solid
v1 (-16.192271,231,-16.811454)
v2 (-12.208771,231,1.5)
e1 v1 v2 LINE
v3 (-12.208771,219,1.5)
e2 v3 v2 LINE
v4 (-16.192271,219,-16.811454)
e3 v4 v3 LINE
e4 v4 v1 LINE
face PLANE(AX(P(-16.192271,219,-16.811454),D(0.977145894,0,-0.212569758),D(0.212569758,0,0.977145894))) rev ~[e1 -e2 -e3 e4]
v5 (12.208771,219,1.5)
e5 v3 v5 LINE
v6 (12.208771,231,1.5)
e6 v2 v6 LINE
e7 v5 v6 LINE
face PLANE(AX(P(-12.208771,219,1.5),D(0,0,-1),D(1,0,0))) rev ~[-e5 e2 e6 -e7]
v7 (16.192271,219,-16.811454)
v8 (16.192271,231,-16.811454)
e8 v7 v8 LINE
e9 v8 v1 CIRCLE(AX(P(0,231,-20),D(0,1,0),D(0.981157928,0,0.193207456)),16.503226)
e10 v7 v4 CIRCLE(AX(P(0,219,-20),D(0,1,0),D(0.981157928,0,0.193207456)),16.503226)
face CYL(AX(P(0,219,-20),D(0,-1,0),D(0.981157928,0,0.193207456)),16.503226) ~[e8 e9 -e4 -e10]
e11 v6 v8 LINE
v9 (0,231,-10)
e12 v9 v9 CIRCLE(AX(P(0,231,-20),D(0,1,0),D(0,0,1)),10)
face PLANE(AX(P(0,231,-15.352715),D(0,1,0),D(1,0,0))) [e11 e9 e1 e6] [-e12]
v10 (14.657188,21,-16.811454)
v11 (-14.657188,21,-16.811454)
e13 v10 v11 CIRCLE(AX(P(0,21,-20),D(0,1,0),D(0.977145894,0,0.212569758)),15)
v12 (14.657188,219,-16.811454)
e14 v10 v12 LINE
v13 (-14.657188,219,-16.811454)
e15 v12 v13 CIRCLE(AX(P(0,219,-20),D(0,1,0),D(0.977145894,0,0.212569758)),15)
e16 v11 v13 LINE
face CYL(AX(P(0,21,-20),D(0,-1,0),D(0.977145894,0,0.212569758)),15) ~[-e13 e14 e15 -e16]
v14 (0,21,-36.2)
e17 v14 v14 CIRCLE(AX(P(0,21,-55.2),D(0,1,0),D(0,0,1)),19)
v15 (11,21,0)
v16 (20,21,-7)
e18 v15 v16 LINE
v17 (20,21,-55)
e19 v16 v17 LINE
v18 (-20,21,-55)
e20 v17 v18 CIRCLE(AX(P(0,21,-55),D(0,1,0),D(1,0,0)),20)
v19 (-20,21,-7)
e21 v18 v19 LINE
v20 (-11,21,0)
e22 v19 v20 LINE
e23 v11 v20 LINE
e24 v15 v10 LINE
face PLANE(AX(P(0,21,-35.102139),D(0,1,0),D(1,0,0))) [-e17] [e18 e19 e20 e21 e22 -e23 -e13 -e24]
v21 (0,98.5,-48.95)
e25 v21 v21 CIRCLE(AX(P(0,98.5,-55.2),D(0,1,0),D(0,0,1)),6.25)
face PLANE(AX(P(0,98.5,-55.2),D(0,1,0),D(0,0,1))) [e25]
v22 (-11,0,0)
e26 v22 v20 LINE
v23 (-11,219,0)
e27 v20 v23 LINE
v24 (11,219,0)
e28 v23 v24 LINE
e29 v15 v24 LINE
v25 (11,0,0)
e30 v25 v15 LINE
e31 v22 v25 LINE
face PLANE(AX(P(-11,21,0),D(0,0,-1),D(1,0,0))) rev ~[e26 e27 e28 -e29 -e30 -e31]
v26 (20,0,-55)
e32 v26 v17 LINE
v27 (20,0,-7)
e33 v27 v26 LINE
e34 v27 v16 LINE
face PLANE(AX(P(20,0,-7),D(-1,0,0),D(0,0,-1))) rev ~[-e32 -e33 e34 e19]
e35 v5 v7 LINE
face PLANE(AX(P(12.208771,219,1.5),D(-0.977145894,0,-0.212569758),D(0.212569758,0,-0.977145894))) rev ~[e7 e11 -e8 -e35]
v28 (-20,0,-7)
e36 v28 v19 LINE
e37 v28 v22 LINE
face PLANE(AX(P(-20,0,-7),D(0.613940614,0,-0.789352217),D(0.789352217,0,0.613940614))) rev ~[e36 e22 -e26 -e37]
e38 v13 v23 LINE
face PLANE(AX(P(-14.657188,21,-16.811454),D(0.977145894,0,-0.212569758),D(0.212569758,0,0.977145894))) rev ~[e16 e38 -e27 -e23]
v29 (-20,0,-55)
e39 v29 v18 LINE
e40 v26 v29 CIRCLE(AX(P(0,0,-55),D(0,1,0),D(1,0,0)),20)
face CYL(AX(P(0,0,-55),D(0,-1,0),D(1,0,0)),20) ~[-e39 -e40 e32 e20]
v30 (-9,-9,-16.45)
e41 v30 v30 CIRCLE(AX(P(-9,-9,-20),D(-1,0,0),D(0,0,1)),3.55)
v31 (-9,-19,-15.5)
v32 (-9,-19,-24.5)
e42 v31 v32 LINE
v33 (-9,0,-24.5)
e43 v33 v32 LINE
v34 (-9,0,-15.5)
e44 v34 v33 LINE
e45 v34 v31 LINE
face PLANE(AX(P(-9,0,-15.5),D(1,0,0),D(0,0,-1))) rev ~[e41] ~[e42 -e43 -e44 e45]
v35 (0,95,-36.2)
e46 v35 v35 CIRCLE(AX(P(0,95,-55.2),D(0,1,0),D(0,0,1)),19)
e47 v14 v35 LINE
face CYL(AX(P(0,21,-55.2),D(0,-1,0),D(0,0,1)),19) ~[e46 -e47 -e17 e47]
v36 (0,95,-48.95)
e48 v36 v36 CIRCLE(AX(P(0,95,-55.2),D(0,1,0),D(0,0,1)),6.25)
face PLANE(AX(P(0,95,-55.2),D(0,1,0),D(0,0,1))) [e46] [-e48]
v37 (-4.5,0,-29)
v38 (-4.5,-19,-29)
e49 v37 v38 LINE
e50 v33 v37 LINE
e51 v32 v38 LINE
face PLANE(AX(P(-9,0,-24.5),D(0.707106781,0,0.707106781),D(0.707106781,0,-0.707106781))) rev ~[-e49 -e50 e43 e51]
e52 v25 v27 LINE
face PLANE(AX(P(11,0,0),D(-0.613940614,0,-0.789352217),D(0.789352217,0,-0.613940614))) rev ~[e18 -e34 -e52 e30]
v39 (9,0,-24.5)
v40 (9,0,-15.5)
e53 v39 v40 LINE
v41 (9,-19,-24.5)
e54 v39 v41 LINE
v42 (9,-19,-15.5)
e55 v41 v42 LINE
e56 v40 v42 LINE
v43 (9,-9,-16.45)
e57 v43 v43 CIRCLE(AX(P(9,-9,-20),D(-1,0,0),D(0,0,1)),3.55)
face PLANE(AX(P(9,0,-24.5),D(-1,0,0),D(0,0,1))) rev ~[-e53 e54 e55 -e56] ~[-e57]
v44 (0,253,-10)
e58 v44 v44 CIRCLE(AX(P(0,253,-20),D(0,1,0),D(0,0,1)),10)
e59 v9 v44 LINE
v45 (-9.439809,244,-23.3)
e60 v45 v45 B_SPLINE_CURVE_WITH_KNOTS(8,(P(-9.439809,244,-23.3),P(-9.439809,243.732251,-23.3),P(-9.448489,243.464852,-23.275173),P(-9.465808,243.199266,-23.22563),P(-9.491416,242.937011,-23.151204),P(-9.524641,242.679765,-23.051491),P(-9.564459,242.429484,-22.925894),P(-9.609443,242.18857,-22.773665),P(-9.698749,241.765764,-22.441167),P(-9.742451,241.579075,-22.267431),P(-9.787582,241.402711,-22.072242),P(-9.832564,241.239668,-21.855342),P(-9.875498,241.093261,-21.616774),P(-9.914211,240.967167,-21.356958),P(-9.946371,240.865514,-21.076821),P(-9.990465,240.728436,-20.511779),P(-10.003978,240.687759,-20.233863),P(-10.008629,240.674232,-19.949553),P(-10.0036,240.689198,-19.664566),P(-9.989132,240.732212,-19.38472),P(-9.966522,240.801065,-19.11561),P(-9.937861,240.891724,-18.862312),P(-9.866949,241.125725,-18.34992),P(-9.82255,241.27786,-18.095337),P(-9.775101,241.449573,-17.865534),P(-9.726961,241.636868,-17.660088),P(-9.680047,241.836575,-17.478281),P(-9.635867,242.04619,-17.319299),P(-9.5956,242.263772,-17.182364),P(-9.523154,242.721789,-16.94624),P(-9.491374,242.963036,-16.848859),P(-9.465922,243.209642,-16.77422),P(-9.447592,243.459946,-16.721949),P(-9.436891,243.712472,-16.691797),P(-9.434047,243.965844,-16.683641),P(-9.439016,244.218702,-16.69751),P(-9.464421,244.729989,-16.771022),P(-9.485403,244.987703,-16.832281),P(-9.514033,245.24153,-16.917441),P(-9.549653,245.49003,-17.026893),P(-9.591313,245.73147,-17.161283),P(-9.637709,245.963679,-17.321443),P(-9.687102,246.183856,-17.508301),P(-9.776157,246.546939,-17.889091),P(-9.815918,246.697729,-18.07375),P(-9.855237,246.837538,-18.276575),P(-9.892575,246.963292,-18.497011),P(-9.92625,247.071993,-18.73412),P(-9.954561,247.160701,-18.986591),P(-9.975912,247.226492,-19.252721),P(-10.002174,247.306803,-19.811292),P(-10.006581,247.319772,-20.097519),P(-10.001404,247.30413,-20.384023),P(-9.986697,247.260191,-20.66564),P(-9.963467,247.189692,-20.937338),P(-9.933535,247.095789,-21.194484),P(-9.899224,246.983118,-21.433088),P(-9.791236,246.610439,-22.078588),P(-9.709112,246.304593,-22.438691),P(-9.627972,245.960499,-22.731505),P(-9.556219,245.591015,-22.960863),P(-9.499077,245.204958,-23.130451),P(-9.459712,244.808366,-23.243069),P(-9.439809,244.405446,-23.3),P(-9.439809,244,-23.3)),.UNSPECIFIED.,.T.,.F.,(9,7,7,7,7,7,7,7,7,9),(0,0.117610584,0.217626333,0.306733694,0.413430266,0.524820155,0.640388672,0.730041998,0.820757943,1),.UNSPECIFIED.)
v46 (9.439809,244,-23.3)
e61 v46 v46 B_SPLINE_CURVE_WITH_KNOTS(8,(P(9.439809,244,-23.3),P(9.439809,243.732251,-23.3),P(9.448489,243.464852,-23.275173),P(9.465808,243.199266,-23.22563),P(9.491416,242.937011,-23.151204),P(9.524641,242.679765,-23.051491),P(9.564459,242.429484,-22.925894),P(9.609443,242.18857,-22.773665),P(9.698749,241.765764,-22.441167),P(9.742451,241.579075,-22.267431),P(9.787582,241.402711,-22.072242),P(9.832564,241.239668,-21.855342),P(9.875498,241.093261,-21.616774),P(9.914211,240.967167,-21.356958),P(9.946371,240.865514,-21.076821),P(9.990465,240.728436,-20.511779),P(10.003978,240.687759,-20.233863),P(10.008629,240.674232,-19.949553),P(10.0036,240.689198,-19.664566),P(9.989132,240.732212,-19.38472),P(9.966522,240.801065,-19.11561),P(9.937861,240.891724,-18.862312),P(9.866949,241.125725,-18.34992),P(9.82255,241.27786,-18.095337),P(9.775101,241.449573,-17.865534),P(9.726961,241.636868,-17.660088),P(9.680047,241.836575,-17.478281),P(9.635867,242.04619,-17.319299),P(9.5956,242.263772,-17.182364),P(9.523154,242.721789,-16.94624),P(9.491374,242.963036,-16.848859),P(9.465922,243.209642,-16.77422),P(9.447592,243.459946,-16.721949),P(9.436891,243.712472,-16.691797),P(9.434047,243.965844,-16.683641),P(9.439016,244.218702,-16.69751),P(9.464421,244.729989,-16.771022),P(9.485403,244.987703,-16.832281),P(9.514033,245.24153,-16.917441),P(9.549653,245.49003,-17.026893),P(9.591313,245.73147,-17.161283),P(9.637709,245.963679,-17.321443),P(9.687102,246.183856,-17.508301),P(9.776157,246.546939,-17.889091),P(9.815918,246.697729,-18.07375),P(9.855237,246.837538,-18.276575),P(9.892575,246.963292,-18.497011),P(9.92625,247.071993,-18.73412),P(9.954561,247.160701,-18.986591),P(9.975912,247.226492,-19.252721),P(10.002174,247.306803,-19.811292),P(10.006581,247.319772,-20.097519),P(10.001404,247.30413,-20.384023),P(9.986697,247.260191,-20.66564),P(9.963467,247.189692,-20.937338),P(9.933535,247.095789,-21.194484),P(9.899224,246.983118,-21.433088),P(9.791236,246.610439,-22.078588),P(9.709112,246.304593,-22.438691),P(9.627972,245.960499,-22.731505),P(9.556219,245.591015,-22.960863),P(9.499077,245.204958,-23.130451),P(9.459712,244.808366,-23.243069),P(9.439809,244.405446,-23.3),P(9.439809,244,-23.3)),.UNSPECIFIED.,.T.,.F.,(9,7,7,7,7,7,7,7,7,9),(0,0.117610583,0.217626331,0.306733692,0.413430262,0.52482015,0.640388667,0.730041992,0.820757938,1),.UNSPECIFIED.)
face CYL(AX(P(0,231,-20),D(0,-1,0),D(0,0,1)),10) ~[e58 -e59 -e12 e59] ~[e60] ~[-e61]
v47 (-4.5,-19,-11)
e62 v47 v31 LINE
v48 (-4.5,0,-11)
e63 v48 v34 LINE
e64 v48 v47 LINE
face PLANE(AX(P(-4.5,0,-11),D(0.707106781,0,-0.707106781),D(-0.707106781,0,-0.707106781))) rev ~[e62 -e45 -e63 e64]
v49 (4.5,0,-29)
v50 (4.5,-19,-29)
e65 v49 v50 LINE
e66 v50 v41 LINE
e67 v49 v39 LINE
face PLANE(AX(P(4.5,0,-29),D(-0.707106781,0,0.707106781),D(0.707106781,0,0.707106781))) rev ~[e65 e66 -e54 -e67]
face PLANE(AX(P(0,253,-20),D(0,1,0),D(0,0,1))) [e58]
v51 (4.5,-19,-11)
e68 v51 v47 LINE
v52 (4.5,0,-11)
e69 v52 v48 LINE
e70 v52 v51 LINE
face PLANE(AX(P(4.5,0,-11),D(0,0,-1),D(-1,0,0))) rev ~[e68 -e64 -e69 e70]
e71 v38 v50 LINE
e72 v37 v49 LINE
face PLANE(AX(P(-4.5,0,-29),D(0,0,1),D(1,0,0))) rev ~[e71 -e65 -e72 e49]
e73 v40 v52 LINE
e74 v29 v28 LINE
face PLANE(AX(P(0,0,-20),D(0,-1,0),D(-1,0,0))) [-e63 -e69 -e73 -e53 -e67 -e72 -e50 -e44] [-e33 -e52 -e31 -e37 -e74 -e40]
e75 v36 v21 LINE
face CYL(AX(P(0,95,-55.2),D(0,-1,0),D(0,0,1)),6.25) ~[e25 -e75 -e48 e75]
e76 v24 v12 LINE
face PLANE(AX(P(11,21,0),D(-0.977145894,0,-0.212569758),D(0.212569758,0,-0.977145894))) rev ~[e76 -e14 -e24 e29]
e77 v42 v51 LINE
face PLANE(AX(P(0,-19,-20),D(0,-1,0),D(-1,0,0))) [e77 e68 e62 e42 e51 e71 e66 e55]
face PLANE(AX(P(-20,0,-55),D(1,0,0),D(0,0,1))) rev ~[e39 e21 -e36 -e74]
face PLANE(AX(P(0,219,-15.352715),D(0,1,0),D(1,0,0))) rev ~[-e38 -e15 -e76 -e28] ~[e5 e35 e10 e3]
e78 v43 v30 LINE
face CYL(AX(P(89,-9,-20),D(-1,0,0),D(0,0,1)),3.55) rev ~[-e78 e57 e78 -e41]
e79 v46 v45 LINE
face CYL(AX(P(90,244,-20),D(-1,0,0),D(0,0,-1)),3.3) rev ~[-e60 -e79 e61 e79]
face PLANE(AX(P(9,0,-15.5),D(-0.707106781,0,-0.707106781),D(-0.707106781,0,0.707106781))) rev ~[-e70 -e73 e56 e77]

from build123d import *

# Parameters (mm, degrees)
ESTRUSIONE_ESTRUSIONE1_DEPTH = 21
ESTRUSIONE_ESTRUSIONE2_DEPTH = 19
FORO_PER_VITE_M6_5_1_D       = 7.1
FORO_PER_VITE_M6_5_1_DEPTH   = 80
FORO_PER_VITE_M6_5_1_TIP     = 2.133055198
SCHIZZO5_R                   = 19
ESTRUSIONE_ESTRUSIONE3_DEPTH = 74
SCHIZZO7_R                   = 6.25
ESTRUSIONE_ESTRUSIONE4_DEPTH = 3.5
ESTRUSIONE_ESTRUSIONE5_DEPTH = 198
ESTRUSIONE_ESTRUSIONE6_DEPTH = 12
SCHIZZO10_R                  = 10
ESTRUSIONE_ESTRUSIONE7_DEPTH = 22
FORO_PER_VITE_M6_1_D         = 6.6
FORO_PER_VITE_M6_1_DEPTH     = 80
FORO_PER_VITE_M6_1_TIP       = 1.982840043


with BuildPart() as part:
    # Schizzo1 → Estrusione-Estrusione1 (new body)
    with BuildSketch(Plane(origin=(0, 0, 0), x_dir=(1, 0, 0), z_dir=(0, 1, 0))):
        with BuildLine():
            Line((-20, 7), (-11, 0))
            Line((-11, 0), (11, 0))
            Line((11, 0), (20, 7))
            Line((20, 7), (20, 55))
            ThreePointArc((20, 55), (0, 75), (-20, 55))
            Line((-20, 55), (-20, 7))
        make_face()
    extrude(amount=ESTRUSIONE_ESTRUSIONE1_DEPTH)

    # Schizzo1<3> → Estrusione-Estrusione2 (add)
    with BuildSketch(Plane(origin=(0, 0, 0), x_dir=(1, 0, 0), z_dir=(0, 1, 0))):
        Polygon((-4.5, 11), (4.5, 11), (9, 15.5), (9, 24.5), (4.5, 29), (-4.5, 29), (-9, 24.5), (-9, 15.5), align=None)
    extrude(amount=-ESTRUSIONE_ESTRUSIONE2_DEPTH)

    # Foro per Vite M6.5-1
    with Locations(Plane(origin=(9, 0, 0), x_dir=(0, 0, -1), z_dir=(1, 0, 0))):
        with Locations((20, -9)):
            Hole(FORO_PER_VITE_M6_5_1_D / 2, depth=FORO_PER_VITE_M6_5_1_DEPTH)
            with Locations((0, 0, -(FORO_PER_VITE_M6_5_1_DEPTH + FORO_PER_VITE_M6_5_1_TIP / 2))):  # 118° drill point
                Cone(0, FORO_PER_VITE_M6_5_1_D / 2, FORO_PER_VITE_M6_5_1_TIP, mode=Mode.SUBTRACT)

    # Schizzo5 → Estrusione-Estrusione3 (add)
    with BuildSketch(Plane(origin=(0, 21, 0), x_dir=(1, 0, 0), z_dir=(0, 1, 0))):
        with Locations((0, 55.2)):
            Circle(SCHIZZO5_R)
    extrude(amount=ESTRUSIONE_ESTRUSIONE3_DEPTH)

    # Schizzo7 → Estrusione-Estrusione4 (add)
    with BuildSketch(Plane(origin=(0, 95, 0), x_dir=(1, 0, 0), z_dir=(0, 1, 0))):
        with Locations((0, 55.2)):
            Circle(SCHIZZO7_R)
    extrude(amount=ESTRUSIONE_ESTRUSIONE4_DEPTH)

    # Schizzo8 → Estrusione-Estrusione5 (add)
    with BuildSketch(Plane(origin=(0, 21, 0), x_dir=(1, 0, 0), z_dir=(0, 1, 0))):
        with BuildLine():
            Line((-11, 0), (11, 0))
            Line((11, 0), (14.657188407, 16.811453624))
            ThreePointArc((14.657188407, 16.811453624), (0, 35), (-14.657188407, 16.811453624))
            Line((-14.657188407, 16.811453624), (-11, 0))
        make_face()
    extrude(amount=ESTRUSIONE_ESTRUSIONE5_DEPTH)

    # Schizzo9 → Estrusione-Estrusione6 (add)
    with BuildSketch(Plane(origin=(0, 219, 0), x_dir=(1, 0, 0), z_dir=(0, 1, 0))):
        with BuildLine():
            Line((-12.208770737, -1.5), (12.208770737, -1.5))
            Line((12.208770737, -1.5), (16.192271356, 16.811453624))
            ThreePointArc((16.192271356, 16.811453624), (0, 36.503226341), (-16.192271356, 16.811453624))
            Line((-16.192271356, 16.811453624), (-12.208770737, -1.5))
        make_face()
    extrude(amount=ESTRUSIONE_ESTRUSIONE6_DEPTH)

    # Schizzo10 → Estrusione-Estrusione7 (add)
    with BuildSketch(Plane(origin=(0, 231, 0), x_dir=(1, 0, 0), z_dir=(0, 1, 0))):
        with Locations((0, 20)):
            Circle(SCHIZZO10_R)
    extrude(amount=ESTRUSIONE_ESTRUSIONE7_DEPTH)

    # Foro per Vite M6-1
    with Locations(Plane(origin=(10, 244, -20), x_dir=(0, 0, 1), z_dir=(1, 0, 0))):
        with Locations((0, 0)):
            Hole(FORO_PER_VITE_M6_1_D / 2, depth=FORO_PER_VITE_M6_1_DEPTH)
            with Locations((0, 0, -(FORO_PER_VITE_M6_1_DEPTH + FORO_PER_VITE_M6_1_TIP / 2))):  # 118° drill point
                Cone(0, FORO_PER_VITE_M6_1_D / 2, FORO_PER_VITE_M6_1_TIP, mode=Mode.SUBTRACT)


solid = part.part
